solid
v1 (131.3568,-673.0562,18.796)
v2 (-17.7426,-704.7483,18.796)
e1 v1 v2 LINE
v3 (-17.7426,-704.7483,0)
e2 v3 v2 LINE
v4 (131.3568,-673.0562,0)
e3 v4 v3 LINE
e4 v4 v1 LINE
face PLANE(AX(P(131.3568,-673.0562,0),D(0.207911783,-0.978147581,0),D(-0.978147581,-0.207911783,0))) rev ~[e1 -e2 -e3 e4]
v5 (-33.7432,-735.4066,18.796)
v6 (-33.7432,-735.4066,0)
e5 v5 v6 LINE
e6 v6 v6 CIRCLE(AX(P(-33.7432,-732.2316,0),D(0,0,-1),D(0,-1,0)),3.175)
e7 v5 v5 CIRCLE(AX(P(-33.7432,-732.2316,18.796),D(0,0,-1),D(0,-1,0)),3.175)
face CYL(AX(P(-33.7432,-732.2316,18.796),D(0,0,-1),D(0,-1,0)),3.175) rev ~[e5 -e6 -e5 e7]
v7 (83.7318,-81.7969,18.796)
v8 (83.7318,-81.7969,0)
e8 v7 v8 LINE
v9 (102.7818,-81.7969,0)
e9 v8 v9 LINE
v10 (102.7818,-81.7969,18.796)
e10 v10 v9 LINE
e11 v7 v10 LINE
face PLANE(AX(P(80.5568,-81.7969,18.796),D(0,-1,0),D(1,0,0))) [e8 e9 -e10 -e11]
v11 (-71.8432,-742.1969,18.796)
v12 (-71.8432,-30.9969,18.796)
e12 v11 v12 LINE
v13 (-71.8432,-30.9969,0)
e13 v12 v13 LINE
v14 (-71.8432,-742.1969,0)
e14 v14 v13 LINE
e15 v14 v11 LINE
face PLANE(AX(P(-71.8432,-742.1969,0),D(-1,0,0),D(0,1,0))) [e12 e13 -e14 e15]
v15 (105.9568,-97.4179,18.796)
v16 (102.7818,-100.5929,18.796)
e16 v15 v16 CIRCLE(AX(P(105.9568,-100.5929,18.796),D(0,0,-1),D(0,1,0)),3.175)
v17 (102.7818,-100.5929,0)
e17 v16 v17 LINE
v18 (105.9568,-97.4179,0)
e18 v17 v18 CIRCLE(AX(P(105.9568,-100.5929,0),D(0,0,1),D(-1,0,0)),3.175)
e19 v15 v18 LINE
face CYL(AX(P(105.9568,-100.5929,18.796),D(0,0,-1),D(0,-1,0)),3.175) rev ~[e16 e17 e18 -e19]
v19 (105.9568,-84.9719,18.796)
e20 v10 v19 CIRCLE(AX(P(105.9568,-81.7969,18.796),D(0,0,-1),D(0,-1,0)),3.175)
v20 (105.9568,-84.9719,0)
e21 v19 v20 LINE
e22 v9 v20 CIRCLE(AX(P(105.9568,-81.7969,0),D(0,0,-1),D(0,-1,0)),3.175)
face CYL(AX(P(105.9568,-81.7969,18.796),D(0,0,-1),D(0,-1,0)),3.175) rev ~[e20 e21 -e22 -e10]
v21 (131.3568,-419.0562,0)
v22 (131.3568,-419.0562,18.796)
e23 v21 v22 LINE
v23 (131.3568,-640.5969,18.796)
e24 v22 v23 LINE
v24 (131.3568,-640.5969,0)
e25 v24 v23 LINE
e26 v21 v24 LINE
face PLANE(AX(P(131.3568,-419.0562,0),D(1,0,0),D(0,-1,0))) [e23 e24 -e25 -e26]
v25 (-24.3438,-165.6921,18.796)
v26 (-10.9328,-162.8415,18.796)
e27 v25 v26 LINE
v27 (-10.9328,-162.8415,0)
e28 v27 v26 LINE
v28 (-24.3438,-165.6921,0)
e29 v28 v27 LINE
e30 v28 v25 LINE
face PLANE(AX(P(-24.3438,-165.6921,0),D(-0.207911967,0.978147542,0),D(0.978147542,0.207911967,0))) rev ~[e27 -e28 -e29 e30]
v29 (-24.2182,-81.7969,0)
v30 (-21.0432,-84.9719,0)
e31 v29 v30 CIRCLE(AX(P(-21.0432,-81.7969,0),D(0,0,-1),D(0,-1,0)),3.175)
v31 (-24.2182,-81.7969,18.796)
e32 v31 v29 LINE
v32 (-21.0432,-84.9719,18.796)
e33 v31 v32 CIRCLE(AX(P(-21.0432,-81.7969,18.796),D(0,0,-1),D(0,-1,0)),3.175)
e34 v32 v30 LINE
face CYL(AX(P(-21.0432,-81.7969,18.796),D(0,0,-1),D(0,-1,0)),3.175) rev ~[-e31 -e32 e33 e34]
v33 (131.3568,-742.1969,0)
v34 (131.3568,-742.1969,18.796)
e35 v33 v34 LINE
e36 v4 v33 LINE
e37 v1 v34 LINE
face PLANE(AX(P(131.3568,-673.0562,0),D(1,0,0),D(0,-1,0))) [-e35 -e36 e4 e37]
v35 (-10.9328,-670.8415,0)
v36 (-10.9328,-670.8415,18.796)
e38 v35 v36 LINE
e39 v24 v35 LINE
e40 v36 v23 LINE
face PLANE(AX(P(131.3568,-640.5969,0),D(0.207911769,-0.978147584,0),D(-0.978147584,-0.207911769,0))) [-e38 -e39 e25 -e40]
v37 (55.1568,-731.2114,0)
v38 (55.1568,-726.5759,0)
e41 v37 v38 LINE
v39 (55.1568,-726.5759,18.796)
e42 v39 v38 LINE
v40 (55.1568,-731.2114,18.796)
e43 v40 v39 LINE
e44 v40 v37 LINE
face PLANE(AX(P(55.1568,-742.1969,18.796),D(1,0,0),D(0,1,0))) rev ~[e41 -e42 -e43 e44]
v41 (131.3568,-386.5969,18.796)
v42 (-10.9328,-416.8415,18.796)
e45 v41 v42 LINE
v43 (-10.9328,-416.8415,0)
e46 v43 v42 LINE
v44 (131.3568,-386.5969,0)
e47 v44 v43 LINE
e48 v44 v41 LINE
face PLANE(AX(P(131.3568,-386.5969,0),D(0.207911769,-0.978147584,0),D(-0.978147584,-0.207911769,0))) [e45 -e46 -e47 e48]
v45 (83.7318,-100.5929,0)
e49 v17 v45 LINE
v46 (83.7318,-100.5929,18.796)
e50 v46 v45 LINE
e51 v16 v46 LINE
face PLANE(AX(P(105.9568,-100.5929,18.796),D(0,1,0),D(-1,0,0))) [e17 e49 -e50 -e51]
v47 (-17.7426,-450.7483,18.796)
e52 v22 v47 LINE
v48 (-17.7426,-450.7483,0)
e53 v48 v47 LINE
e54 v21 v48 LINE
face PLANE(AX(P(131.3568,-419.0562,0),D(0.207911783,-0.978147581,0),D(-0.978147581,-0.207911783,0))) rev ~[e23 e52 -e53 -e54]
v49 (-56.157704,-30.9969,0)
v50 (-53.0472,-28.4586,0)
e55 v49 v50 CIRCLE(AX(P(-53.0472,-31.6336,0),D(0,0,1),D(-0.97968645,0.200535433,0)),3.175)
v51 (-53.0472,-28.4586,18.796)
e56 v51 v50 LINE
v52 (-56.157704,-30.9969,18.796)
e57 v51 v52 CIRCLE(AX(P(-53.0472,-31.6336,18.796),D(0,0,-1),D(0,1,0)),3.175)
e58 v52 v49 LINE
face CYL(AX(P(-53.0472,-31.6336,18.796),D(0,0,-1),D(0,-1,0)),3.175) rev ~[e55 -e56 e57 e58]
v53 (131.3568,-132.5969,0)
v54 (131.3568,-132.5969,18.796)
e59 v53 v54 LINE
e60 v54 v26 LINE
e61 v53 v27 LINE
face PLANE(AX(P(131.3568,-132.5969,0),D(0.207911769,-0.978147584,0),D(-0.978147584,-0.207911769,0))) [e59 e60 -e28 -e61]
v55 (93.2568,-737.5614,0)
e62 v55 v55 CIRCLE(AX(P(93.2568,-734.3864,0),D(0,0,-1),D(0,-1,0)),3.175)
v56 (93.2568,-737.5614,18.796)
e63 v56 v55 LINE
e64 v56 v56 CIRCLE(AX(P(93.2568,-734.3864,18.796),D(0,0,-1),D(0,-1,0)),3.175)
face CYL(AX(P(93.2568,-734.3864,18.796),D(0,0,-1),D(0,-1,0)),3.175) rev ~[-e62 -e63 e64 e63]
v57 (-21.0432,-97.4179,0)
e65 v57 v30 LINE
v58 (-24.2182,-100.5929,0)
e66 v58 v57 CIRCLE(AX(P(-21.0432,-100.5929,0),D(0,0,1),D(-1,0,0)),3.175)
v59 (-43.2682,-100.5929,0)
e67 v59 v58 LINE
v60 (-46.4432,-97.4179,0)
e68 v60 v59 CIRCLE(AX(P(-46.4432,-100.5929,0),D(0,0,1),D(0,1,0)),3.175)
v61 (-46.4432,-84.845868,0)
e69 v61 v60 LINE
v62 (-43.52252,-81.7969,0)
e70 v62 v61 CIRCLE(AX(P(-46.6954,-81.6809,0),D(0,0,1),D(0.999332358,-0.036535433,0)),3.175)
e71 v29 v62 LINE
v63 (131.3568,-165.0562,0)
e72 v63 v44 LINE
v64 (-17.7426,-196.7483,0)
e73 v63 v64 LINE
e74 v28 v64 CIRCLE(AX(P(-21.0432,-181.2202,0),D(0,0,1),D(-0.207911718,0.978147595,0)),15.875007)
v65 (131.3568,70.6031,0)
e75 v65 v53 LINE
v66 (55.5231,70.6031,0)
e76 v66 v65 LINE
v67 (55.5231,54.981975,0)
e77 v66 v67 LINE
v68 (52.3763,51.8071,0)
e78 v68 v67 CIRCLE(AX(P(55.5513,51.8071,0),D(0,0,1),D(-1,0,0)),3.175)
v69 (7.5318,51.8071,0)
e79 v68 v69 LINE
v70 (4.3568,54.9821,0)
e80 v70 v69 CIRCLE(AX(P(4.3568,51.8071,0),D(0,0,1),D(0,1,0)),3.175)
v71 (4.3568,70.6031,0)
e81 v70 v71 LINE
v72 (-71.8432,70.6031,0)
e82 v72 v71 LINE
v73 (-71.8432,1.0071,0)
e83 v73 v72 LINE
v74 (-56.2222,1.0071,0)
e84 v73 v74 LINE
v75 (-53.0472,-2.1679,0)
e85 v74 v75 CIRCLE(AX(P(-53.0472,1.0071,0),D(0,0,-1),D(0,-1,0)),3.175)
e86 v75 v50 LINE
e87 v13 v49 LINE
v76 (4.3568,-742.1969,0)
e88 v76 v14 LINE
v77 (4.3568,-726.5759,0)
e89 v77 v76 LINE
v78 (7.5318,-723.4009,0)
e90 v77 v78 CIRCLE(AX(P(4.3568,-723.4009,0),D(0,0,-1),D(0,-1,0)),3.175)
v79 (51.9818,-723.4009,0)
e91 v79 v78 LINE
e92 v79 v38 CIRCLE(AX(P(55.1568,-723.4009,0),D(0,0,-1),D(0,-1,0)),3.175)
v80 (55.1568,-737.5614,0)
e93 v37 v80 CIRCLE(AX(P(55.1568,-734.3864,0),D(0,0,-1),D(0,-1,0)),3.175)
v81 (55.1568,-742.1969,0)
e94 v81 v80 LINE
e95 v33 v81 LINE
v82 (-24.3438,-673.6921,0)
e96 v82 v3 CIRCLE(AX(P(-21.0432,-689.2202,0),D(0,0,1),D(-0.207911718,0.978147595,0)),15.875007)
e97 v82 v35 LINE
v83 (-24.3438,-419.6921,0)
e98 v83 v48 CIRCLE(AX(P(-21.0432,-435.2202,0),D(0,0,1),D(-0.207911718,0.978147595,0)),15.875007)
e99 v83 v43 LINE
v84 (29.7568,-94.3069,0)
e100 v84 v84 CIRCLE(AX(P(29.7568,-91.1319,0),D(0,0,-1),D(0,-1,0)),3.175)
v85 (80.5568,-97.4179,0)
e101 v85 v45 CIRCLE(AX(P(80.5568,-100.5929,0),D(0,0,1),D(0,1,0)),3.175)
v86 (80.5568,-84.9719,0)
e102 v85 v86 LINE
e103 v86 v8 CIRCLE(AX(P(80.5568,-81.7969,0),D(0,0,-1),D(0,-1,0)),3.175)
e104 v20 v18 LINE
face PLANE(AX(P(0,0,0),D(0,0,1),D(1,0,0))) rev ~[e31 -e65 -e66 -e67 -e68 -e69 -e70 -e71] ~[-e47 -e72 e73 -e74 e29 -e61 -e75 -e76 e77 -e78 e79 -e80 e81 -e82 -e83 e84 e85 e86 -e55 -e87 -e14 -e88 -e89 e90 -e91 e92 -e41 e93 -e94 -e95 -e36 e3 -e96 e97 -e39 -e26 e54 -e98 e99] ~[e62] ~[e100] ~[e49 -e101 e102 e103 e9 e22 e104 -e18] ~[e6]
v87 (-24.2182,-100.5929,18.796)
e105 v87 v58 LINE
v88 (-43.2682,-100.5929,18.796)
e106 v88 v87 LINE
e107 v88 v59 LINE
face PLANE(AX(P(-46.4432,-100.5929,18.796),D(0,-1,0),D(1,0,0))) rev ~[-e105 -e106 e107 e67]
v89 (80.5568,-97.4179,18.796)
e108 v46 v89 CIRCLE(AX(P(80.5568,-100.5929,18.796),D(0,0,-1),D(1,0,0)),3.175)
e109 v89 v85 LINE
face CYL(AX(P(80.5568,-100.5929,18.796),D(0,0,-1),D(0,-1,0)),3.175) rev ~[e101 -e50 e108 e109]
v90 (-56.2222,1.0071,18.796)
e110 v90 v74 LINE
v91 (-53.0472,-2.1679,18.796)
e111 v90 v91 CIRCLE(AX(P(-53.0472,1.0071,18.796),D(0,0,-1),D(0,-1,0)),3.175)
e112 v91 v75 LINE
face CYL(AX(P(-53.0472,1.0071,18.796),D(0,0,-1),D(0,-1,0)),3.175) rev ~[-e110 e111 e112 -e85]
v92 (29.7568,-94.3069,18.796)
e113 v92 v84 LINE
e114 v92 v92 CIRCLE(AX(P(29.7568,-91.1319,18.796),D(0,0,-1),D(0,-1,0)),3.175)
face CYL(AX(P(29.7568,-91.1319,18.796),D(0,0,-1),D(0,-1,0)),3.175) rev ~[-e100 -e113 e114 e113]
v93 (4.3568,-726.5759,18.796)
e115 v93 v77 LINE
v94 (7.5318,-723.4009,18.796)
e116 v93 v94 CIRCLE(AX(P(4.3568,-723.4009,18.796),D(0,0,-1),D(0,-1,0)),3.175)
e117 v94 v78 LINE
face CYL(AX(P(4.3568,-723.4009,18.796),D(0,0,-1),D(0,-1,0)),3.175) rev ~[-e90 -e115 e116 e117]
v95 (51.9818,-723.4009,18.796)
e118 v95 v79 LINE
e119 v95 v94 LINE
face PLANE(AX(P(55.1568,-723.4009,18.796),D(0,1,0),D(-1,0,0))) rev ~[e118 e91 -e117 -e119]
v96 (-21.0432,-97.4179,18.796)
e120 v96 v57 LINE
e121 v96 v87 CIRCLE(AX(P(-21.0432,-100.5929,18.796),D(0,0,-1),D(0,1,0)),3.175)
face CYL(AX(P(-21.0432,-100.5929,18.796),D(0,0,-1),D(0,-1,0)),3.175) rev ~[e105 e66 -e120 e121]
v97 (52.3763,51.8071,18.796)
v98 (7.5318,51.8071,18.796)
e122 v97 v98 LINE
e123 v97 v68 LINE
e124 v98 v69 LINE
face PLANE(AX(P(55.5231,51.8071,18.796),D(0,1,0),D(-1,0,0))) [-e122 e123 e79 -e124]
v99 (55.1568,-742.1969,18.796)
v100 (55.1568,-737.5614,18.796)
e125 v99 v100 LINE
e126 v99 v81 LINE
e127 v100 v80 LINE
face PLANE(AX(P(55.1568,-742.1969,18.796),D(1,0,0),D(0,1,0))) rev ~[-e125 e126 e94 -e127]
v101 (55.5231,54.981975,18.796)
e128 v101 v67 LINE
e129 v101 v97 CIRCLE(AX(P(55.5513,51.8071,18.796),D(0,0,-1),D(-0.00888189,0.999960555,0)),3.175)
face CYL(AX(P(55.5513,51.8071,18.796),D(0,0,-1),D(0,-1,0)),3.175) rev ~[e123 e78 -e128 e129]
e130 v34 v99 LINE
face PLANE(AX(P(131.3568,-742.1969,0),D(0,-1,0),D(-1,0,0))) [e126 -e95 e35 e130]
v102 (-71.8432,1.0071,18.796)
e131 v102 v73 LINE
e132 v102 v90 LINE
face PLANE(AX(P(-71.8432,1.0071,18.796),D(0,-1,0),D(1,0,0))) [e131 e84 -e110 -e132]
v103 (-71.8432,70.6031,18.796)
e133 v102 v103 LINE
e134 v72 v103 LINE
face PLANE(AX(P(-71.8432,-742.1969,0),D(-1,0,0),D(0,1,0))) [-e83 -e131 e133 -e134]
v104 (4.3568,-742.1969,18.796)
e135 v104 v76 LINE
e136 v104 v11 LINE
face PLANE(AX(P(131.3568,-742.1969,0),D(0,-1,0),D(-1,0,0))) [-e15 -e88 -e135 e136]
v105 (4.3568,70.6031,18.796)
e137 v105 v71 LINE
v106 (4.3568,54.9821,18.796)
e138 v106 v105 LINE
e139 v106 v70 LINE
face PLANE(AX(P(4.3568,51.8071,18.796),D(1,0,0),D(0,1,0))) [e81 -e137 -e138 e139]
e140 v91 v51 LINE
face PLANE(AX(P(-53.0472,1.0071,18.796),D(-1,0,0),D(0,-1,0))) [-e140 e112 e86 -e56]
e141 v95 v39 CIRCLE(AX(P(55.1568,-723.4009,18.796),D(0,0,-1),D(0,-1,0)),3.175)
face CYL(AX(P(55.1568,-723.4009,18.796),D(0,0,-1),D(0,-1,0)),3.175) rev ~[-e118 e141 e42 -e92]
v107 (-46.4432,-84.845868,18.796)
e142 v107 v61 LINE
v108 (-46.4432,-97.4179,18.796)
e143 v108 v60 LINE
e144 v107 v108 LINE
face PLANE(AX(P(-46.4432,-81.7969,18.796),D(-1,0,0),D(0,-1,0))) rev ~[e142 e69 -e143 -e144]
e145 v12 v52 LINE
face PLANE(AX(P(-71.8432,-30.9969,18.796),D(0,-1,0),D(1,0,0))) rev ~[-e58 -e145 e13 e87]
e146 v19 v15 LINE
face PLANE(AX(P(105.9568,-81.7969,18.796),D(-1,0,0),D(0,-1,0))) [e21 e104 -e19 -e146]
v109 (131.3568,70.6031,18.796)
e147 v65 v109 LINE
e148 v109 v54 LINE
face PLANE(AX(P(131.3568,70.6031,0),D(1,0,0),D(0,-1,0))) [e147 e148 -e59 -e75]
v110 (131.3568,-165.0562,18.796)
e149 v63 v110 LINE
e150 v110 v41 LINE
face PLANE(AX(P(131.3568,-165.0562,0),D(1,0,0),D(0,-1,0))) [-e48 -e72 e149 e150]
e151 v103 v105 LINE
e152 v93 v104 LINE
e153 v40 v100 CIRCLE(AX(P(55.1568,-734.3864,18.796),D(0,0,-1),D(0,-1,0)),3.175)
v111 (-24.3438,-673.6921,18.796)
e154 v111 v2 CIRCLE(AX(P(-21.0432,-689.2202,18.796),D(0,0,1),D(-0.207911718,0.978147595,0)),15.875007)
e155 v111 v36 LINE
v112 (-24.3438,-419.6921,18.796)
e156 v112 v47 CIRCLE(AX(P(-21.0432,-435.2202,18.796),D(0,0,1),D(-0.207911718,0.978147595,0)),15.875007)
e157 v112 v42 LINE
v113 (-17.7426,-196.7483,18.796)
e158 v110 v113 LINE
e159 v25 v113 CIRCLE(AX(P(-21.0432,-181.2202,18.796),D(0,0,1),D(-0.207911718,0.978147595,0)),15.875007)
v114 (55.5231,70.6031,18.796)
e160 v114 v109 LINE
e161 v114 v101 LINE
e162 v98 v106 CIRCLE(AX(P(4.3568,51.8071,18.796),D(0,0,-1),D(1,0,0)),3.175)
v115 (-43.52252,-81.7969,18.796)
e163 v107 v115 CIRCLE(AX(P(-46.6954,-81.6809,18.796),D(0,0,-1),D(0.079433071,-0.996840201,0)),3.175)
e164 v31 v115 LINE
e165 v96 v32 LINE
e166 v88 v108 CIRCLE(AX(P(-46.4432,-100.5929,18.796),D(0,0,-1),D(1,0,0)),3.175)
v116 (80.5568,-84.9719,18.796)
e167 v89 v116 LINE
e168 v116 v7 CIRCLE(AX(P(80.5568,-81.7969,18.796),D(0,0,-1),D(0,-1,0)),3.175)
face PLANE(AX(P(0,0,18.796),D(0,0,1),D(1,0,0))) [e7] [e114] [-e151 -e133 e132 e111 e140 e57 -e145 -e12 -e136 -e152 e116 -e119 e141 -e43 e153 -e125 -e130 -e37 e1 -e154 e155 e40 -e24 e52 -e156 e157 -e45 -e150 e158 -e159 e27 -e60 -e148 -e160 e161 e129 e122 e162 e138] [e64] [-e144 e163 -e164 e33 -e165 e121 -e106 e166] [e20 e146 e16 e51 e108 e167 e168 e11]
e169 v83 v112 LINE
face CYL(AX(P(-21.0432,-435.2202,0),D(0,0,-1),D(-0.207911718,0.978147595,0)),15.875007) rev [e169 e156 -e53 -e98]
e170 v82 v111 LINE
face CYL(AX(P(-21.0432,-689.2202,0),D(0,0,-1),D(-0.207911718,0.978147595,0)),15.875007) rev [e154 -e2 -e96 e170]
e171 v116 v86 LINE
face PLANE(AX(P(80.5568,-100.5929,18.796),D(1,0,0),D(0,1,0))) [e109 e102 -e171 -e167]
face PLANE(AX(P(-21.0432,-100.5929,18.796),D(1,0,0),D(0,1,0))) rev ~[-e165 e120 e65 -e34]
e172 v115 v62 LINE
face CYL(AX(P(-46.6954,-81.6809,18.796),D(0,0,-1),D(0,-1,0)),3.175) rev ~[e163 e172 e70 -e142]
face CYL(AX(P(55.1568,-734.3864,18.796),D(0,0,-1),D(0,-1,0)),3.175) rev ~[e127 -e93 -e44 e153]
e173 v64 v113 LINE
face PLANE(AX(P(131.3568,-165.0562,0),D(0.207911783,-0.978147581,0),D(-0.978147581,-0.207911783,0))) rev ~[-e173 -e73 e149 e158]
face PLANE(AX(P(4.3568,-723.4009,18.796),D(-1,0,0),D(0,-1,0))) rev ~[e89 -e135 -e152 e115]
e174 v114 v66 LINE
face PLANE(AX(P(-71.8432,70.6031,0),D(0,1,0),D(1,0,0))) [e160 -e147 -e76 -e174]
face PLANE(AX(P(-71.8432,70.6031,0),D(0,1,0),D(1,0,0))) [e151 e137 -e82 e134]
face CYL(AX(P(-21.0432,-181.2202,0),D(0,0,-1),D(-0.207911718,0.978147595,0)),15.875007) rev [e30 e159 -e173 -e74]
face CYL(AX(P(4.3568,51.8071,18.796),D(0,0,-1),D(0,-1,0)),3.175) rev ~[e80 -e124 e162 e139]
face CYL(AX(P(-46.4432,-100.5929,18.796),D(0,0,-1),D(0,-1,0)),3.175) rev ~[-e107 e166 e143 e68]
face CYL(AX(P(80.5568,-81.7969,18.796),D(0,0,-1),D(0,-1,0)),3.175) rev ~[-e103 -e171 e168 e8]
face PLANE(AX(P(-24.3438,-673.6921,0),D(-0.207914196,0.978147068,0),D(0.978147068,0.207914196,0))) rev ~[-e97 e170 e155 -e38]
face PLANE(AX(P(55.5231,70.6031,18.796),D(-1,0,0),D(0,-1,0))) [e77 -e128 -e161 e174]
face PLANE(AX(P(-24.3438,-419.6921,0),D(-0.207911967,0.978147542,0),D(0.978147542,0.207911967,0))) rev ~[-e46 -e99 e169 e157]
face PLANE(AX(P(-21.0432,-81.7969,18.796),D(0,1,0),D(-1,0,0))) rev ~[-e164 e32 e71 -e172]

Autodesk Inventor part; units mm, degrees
ref_plane "YZ Plane" through (0, 0, 0) normal (1, 0, 0) x (0, 1, 0)
ref_plane "XZ Plane" through (0, 0, 0) normal (0, 1, 0) x (-1, 0, 0)
ref_plane "XY Plane" through (0, 0, 0) normal (0, 0, 1) x (1, 0, 0)
sketch "Sketch1" plane through (0, 0, 0) normal (0, 0, 1) x (1, 0, 0)
  line L0 (-71.8432, 70.6031) -> (131.3568, 70.6031)
  line L1 (131.3568, -742.1969) -> (-71.8432, -742.1969)
  line L2 (-71.8432, -742.1969) -> (-71.8432, 70.6031)
  line L3 (131.3568, -132.5969) -> (-10.9328, -162.8415)
  line L4 (131.3568, -165.0562) -> (-19.8283, -197.1916)
  arc A0 (-24.3438, -165.6921) -> (-17.7426, -196.7483) centre (-21.0432, -181.2202) ccw
  line L5 (131.3568, 70.6031) -> (131.3568, -132.5969)
  line L6 (131.3568, -165.0562) -> (131.3568, -742.1969) construction
  line L7 (131.3568, -386.5969) -> (-10.9328, -416.8415)
  line L8 (131.3568, -419.0562) -> (-19.8283, -451.1916)
  arc A1 (-24.3438, -419.6921) -> (-17.7426, -450.7483) centre (-21.0432, -435.2202) ccw
  line L9 (131.3568, -640.5969) -> (-10.9328, -670.8415)
  line L10 (131.3568, -673.0562) -> (-19.8283, -705.1916)
  arc A2 (-24.3438, -673.6921) -> (-17.7426, -704.7483) centre (-21.0432, -689.2202) ccw
  line L11 (131.3568, -165.0562) -> (131.3568, -386.5969)
  line L12 (131.3568, -419.0562) -> (131.3568, -640.5969)
  line L13 (131.3568, -673.0562) -> (131.3568, -742.1969)
  line L14 (-24.3438, -165.6921) -> (-10.9328, -162.8415)
  line L15 (-24.3438, -419.6921) -> (-10.9328, -416.8415)
  line L16 (-24.3438, -673.6921) -> (-9.6152, -670.5614)
  point P0 (0, 0)
  dimension "d0" = 203.2
  dimension "d1" = 812.8
  dimension "d3" = 31.75
  dimension "d4" = 203.2
  dimension "d7" = 254
  dimension "d48" = 152.4
extrude "Extrusion1" add sketch "Sketch1" along normal blind 18.796
sketch "Sketch3" plane through (0, 0, 18.796) normal (0, 0, 1) x (1, 0, 0)
  line L0 (-71.8432, 70.6031) -> (131.3568, 70.6031) projected
  line L1 (4.3568, 70.6031) -> (55.5231, 70.6031)
  line L2 (55.5231, 70.6031) -> (55.5231, 51.8071)
  line L3 (55.5231, 51.8071) -> (4.3568, 51.8071)
  line L4 (4.3568, 51.8071) -> (4.3568, 70.6031)
  line L5 (-71.8432, 70.6031) -> (-71.8432, -742.1969) projected
  point P0 (0, 0)
  dimension "d31" = 18.796
  dimension "d32" = 0
  dimension "d34" = 76.2
extrude "Extrusion2" cut sketch "Sketch3" against normal blind 18.796
sketch "Sketch5" plane through (0, 0, 18.796) normal (0, 0, 1) x (1, 0, 0)
  line L0 (80.5568, -81.7969) -> (105.9568, -81.7969)
  line L1 (105.9568, -81.7969) -> (105.9568, -100.5929)
  line L2 (105.9568, -100.5929) -> (80.5568, -100.5929)
  line L3 (80.5568, -100.5929) -> (80.5568, -81.7969)
  line L4 (-71.8432, 70.6031) -> (-71.8432, -742.1969) projected
  line L5 (131.3568, -132.5969) -> (131.3568, 70.6031) projected
  line L6 (131.3568, 70.6031) -> (55.5231, 70.6031) projected
  line L7 (-21.0432, -81.7969) -> (-46.4432, -81.7969)
  line L8 (-46.4432, -81.7969) -> (-46.4432, -100.5929)
  line L9 (-46.4432, -100.5929) -> (-21.0432, -100.5929)
  line L10 (-21.0432, -100.5929) -> (-21.0432, -81.7969)
  line L11 (4.3568, -742.1969) -> (55.1568, -742.1969)
  line L12 (55.1568, -742.1969) -> (55.1568, -723.4009)
  line L13 (55.1568, -723.4009) -> (4.3568, -723.4009)
  line L14 (4.3568, -723.4009) -> (4.3568, -742.1969)
  line L15 (-71.8432, -742.1969) -> (131.3568, -742.1969) projected
  point P0 (0, 0)
  dimension "d51" = 25.4
  dimension "d52" = 18.796
  dimension "d53" = 25.4
  dimension "d54" = 152.4
  dimension "d55" = 25.4
  dimension "d56" = 18.796
  dimension "d57" = 25.4
  dimension "d58" = 50.8
  dimension "d59" = 18.796
  dimension "d60" = 0
  dimension "d61" = 76.2
extrude "Extrusion4" cut sketch "Sketch5" against normal blind 25.4
sketch "Sketch6" plane through (0, 0, 18.796) normal (0, 0, 1) x (1, 0, 0)
  line L0 (-71.8432, 70.6031) -> (4.3568, 70.6031) projected
  line L1 (-71.8432, 1.0071) -> (-53.0472, 1.0071)
  line L2 (-71.8432, -30.9969) -> (-53.0472, -30.9969)
  line L3 (-71.8432, 1.0071) -> (-71.8432, -30.9969)
  line L4 (-71.8432, -742.1969) -> (-71.8432, 70.6031) projected
  line L5 (-53.0472, 1.0071) -> (-53.0472, -30.9969)
  point P0 (0, 0)
  dimension "d66" = 32.004
  dimension "d68" = 18.796
extrude "Extrusion5" cut sketch "Sketch6" against normal blind 25.4
sketch "Sketch8" plane through (0, 0, 18.796) normal (0, 0, 1) x (1, 0, 0)
  line L0 (4.3568, -742.1969) -> (4.3568, -723.4009) projected
  line L1 (4.3568, -723.4009) -> (55.1568, -723.4009) projected
  point P0 (0, 0)
  point P1 (4.3568, 51.8071)
  point P2 (55.5513, 51.8071)
hole "Hole2" at (4.3568, 51.8071, 18.796) at (55.5513, 51.8071, 18.796) at (4.3568, -723.4009, 18.796) at (55.1568, -723.4009, 18.796) direction (0, 0, -1) diameter 6.35 end through all
sketch "Sketch9" plane through (0, 0, 18.796) normal (0, 0, 1) x (1, 0, 0)
  line L0 (-21.0432, -81.7969) -> (-46.4432, -81.7969) projected
  line L1 (-21.0432, -100.5929) -> (-21.0432, -81.7969) projected
  line L2 (-46.4432, -100.5929) -> (-21.0432, -100.5929) projected
  line L3 (105.9568, -81.7969) -> (80.5568, -81.7969) projected
  line L4 (80.5568, -100.5929) -> (105.9568, -100.5929) projected
  line L5 (105.9568, -100.5929) -> (105.9568, -81.7969) projected
  point P0 (0, 0)
  point P1 (-46.6954, -81.6809)
hole "Hole3" at (-46.6954, -81.6809, 18.796) at (-21.0432, -81.7969, 18.796) at (-21.0432, -100.5929, 18.796) at (-46.4432, -100.5929, 18.796) at (80.5568, -81.7969, 18.796) at (80.5568, -100.5929, 18.796) at (105.9568, -100.5929, 18.796) at (105.9568, -81.7969, 18.796) direction (0, 0, -1) diameter 6.35 end through all
sketch "Sketch10" plane through (0, 0, 18.796) normal (0, 0, 1) x (1, 0, 0)
  line L0 (-53.0472, 1.0071) -> (-71.8432, 1.0071) projected
  point P0 (0, 0)
  point P1 (-53.0472, -31.6336)
hole "Hole4" at (-53.0472, 1.0071, 18.796) at (-53.0472, -31.6336, 18.796) direction (0, 0, -1) diameter 6.35 end through all
sketch "Sketch11" plane through (0, 0, 18.796) normal (0, 0, 1) x (1, 0, 0)
  line L0 (-71.8432, -30.9969) -> (-71.8432, -742.1969) projected
  line L1 (55.1568, -726.5759) -> (55.1568, -742.1969) projected
  line L2 (131.3568, -742.1969) -> (131.3568, -673.0562) projected
  point P0 (0, 0)
  point P1 (29.7568, -91.1319)
  point P2 (-33.7432, -732.2316)
  point P3 (55.1568, -734.3864)
  point P4 (93.2568, -734.3864)
  dimension "d92" = 101.6
  dimension "d93" = 38.1
  dimension "d94" = 38.1
hole "Hole5" at (29.7568, -91.1319, 18.796) at (-33.7432, -732.2316, 18.796) at (55.1568, -734.3864, 18.796) at (93.2568, -734.3864, 18.796) direction (0, 0, -1) diameter 6.35 end through all
properties part number "rack sides" material "Wood (Birch)"
